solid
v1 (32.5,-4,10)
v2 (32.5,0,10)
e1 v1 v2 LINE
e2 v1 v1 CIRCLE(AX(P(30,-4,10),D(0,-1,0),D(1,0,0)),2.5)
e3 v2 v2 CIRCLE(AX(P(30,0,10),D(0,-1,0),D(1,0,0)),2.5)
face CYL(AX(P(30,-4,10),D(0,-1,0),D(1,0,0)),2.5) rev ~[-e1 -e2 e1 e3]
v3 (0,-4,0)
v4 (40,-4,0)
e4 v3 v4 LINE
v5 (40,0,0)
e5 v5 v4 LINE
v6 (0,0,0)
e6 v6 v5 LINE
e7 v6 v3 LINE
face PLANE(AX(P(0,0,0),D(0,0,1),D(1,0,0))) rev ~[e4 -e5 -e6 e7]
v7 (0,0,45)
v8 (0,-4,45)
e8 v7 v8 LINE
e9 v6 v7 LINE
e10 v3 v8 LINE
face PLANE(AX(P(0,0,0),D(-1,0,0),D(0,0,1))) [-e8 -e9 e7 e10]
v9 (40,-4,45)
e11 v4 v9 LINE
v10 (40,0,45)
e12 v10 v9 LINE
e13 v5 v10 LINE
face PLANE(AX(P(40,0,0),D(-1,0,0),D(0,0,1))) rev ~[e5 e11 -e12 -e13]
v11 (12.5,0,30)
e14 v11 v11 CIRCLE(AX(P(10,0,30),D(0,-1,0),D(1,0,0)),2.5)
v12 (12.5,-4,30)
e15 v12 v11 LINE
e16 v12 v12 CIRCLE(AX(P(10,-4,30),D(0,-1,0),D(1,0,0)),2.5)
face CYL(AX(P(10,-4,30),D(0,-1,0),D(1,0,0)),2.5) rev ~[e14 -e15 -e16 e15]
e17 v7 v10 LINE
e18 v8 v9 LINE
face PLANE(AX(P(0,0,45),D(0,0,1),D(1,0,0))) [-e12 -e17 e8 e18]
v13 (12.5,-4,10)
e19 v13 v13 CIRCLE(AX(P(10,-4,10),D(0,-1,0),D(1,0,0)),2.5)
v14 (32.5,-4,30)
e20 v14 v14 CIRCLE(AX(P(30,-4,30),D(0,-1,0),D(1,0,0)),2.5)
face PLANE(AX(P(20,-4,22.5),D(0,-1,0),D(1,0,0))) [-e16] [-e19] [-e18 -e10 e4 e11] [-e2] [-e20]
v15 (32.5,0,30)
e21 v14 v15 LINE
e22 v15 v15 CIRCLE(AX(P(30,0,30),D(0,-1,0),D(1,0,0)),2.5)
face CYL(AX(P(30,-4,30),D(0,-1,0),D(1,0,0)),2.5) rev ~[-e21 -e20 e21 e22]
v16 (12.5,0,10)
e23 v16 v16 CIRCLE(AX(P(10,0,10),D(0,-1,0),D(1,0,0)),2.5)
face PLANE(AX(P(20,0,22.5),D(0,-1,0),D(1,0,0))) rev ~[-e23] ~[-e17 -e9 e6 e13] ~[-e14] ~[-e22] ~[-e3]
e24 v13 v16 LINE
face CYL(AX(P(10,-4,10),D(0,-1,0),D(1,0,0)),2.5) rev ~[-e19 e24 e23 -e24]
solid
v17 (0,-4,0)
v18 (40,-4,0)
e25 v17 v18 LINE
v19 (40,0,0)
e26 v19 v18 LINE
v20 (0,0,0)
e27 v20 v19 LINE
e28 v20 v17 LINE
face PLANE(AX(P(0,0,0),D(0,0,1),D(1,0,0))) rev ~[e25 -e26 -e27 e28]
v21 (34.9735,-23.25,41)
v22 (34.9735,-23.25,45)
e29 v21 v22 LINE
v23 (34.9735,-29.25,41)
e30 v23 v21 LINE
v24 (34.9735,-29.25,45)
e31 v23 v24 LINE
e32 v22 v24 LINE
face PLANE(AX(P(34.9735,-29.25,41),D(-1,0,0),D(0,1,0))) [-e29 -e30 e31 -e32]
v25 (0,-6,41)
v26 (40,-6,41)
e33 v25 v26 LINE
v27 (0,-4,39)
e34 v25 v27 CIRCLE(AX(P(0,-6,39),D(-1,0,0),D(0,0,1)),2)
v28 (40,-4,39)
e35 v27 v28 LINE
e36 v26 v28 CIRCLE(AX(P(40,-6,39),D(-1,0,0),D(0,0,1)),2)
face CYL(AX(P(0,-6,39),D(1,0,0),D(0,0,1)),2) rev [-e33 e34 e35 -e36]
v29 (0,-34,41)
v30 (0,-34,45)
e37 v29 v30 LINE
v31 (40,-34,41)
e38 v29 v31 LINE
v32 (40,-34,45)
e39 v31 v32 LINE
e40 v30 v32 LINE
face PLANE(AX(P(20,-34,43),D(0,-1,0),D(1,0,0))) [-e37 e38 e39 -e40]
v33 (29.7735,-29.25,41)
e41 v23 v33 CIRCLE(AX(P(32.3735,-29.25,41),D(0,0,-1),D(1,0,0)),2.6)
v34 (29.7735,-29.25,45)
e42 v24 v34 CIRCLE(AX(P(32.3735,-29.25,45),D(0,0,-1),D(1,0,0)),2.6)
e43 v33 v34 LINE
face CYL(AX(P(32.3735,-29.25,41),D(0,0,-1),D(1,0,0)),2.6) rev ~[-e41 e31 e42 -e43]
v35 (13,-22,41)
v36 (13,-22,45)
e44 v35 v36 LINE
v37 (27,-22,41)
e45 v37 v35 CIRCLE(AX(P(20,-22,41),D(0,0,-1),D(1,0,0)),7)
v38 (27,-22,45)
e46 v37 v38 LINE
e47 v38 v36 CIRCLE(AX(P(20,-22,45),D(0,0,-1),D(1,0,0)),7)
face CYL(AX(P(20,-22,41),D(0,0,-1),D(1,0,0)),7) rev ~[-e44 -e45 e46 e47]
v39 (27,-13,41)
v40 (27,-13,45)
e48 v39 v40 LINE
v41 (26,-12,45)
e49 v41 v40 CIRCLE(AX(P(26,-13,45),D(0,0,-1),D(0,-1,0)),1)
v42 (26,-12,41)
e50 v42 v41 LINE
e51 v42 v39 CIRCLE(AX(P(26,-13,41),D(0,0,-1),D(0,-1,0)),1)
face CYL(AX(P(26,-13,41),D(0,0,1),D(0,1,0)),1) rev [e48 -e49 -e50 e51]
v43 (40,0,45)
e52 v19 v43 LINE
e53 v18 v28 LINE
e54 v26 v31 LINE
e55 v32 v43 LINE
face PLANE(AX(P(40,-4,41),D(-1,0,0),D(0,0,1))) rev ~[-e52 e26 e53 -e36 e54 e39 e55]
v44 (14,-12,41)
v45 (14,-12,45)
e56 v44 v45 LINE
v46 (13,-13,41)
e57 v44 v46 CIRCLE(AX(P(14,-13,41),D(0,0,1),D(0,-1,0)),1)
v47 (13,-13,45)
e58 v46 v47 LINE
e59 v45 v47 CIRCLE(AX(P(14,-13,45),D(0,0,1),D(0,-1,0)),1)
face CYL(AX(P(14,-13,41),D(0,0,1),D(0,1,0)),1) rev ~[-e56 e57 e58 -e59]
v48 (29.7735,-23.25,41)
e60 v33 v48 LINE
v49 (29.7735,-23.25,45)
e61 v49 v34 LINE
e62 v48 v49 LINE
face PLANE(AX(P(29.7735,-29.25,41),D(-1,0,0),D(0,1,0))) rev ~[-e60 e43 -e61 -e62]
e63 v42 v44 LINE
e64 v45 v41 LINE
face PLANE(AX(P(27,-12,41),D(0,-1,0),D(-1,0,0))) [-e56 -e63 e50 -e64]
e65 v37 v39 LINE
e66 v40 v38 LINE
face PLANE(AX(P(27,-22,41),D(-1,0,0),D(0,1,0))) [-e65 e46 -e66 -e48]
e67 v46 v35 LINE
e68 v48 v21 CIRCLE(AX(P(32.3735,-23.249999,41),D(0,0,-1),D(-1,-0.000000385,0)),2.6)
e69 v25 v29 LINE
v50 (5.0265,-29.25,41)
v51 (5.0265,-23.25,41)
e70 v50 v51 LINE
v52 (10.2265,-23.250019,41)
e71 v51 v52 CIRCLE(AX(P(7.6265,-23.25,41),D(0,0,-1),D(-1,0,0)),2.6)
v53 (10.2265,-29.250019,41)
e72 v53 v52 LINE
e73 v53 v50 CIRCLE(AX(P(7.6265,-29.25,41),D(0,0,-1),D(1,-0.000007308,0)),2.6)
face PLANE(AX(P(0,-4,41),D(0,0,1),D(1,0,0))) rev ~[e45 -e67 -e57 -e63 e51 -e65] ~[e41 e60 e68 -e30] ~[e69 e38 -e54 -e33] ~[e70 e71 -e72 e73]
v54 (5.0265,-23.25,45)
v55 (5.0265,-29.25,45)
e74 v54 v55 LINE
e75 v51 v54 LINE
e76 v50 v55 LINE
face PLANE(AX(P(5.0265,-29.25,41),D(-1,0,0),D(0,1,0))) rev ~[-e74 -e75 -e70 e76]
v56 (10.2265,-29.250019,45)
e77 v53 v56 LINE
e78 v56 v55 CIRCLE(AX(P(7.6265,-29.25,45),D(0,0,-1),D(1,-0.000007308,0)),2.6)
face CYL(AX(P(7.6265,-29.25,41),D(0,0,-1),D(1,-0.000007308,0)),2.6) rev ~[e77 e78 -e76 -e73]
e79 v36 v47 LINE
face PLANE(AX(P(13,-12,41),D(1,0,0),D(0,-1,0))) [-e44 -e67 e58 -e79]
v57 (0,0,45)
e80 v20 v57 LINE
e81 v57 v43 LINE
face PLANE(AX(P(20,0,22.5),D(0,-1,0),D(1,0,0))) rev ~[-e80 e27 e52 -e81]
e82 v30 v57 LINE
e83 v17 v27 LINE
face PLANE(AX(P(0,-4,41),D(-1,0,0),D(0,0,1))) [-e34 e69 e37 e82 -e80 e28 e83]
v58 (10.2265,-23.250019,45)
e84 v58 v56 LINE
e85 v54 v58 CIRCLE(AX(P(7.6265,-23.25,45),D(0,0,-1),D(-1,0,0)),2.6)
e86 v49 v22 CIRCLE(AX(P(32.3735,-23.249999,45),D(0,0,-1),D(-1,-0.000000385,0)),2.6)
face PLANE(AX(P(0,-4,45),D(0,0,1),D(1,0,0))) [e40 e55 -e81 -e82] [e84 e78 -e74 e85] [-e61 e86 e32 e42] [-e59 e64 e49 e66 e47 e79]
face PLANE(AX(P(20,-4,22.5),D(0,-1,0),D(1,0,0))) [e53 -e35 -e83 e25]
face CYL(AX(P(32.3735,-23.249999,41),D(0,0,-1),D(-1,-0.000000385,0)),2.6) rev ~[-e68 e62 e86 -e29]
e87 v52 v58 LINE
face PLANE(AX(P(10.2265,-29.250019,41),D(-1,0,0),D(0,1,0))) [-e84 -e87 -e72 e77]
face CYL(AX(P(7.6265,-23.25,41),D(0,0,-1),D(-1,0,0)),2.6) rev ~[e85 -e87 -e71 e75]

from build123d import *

# Parameters (mm, degrees)
SKETCH_W        = 40
SKETCH_H        = 45
PAD_DEPTH       = 4
SKETCH001_R     = 2.5
POCKET_DEPTH    = 4.001
SKETCH002_W     = 40
SKETCH002_H     = 4
PAD001_DEPTH    = 30
FILLET_R        = 2
POCKET001_DEPTH = 4.001
FILLET001_R     = 1
FILLET002_R     = 1


with BuildPart() as pad:
    # Sketch → Pad (new body)
    with BuildSketch(Plane.XZ):
        with Locations((20, 22.5)):
            Rectangle(SKETCH_W, SKETCH_H)
    extrude(amount=PAD_DEPTH)


with BuildPart() as pocket:
    # Pocket base: copy of Pad
    add(pad.part)

    # Sketch001 → Pocket (cut, through all)
    with BuildSketch(Plane.XZ.offset(4)):
        with Locations((10, 10)):
            Circle(SKETCH001_R)
        with Locations((30, 10)):
            Circle(SKETCH001_R)
        with Locations((10, 30)):
            Circle(SKETCH001_R)
        with Locations((30, 30)):
            Circle(SKETCH001_R)
    extrude(amount=-POCKET_DEPTH, mode=Mode.SUBTRACT)


with BuildPart() as pad001:
    # Pad001 base: copy of Pad
    add(pad.part)

    # Sketch002 → Pad001 (new body)
    with BuildSketch(Plane.XZ.offset(4)):
        with Locations((20, 43)):
            Rectangle(SKETCH002_W, SKETCH002_H)
    extrude(amount=PAD001_DEPTH)


with BuildPart() as fillet002:
    # Fusion base: copy of Pad
    add(pad.part)

    # Fusion: union Pad001
    add(pad001.part)

    # Fillet
    fillet_edges = [fillet002.edges().sort_by_distance(p)[0] for p in [
        (20, -4, 41),
    ]]
    fillet(fillet_edges, radius=FILLET_R)

    # Sketch003 → Pocket001 (cut, through all)
    with BuildSketch(Plane(origin=(0, 0, 41), x_dir=(1, 0, 0), z_dir=(0, 0, -1))):
        with BuildLine():
            ThreePointArc((27, 22), (20, 29), (13, 22))
            Line((13, 12), (13, 22))
            Line((27, 12), (13, 12))
            Line((27, 22), (27, 12))
        make_face()
        with BuildLine():
            ThreePointArc((34.9735, 29.25), (32.3735, 31.85), (29.7735, 29.25))
            Line((29.7735, 29.25), (29.7735, 23.25))
            ThreePointArc((29.7735, 23.25), (32.3735, 20.649999), (34.9735, 23.25))
            Line((34.9735, 29.25), (34.9735, 23.25))
        make_face()
        with BuildLine():
            ThreePointArc((10.2265, 29.250019), (7.626491, 31.85), (5.0265, 29.25))
            Line((5.0265, 29.25), (5.0265, 23.25))
            ThreePointArc((5.0265, 23.25), (7.62651, 20.65), (10.2265, 23.250019))
            Line((10.2265, 29.250019), (10.2265, 23.250019))
        make_face()
    extrude(amount=-POCKET001_DEPTH, mode=Mode.SUBTRACT)

    # Fillet001
    fillet001_edges = [fillet002.edges().sort_by_distance(p)[0] for p in [
        (13, -12, 43),
    ]]
    fillet(fillet001_edges, radius=FILLET001_R)

    # Fillet002
    fillet002_edges = [fillet002.edges().sort_by_distance(p)[0] for p in [
        (27, -12, 43),
    ]]
    fillet(fillet002_edges, radius=FILLET002_R)


solid = Compound([pocket.part, fillet002.part])
